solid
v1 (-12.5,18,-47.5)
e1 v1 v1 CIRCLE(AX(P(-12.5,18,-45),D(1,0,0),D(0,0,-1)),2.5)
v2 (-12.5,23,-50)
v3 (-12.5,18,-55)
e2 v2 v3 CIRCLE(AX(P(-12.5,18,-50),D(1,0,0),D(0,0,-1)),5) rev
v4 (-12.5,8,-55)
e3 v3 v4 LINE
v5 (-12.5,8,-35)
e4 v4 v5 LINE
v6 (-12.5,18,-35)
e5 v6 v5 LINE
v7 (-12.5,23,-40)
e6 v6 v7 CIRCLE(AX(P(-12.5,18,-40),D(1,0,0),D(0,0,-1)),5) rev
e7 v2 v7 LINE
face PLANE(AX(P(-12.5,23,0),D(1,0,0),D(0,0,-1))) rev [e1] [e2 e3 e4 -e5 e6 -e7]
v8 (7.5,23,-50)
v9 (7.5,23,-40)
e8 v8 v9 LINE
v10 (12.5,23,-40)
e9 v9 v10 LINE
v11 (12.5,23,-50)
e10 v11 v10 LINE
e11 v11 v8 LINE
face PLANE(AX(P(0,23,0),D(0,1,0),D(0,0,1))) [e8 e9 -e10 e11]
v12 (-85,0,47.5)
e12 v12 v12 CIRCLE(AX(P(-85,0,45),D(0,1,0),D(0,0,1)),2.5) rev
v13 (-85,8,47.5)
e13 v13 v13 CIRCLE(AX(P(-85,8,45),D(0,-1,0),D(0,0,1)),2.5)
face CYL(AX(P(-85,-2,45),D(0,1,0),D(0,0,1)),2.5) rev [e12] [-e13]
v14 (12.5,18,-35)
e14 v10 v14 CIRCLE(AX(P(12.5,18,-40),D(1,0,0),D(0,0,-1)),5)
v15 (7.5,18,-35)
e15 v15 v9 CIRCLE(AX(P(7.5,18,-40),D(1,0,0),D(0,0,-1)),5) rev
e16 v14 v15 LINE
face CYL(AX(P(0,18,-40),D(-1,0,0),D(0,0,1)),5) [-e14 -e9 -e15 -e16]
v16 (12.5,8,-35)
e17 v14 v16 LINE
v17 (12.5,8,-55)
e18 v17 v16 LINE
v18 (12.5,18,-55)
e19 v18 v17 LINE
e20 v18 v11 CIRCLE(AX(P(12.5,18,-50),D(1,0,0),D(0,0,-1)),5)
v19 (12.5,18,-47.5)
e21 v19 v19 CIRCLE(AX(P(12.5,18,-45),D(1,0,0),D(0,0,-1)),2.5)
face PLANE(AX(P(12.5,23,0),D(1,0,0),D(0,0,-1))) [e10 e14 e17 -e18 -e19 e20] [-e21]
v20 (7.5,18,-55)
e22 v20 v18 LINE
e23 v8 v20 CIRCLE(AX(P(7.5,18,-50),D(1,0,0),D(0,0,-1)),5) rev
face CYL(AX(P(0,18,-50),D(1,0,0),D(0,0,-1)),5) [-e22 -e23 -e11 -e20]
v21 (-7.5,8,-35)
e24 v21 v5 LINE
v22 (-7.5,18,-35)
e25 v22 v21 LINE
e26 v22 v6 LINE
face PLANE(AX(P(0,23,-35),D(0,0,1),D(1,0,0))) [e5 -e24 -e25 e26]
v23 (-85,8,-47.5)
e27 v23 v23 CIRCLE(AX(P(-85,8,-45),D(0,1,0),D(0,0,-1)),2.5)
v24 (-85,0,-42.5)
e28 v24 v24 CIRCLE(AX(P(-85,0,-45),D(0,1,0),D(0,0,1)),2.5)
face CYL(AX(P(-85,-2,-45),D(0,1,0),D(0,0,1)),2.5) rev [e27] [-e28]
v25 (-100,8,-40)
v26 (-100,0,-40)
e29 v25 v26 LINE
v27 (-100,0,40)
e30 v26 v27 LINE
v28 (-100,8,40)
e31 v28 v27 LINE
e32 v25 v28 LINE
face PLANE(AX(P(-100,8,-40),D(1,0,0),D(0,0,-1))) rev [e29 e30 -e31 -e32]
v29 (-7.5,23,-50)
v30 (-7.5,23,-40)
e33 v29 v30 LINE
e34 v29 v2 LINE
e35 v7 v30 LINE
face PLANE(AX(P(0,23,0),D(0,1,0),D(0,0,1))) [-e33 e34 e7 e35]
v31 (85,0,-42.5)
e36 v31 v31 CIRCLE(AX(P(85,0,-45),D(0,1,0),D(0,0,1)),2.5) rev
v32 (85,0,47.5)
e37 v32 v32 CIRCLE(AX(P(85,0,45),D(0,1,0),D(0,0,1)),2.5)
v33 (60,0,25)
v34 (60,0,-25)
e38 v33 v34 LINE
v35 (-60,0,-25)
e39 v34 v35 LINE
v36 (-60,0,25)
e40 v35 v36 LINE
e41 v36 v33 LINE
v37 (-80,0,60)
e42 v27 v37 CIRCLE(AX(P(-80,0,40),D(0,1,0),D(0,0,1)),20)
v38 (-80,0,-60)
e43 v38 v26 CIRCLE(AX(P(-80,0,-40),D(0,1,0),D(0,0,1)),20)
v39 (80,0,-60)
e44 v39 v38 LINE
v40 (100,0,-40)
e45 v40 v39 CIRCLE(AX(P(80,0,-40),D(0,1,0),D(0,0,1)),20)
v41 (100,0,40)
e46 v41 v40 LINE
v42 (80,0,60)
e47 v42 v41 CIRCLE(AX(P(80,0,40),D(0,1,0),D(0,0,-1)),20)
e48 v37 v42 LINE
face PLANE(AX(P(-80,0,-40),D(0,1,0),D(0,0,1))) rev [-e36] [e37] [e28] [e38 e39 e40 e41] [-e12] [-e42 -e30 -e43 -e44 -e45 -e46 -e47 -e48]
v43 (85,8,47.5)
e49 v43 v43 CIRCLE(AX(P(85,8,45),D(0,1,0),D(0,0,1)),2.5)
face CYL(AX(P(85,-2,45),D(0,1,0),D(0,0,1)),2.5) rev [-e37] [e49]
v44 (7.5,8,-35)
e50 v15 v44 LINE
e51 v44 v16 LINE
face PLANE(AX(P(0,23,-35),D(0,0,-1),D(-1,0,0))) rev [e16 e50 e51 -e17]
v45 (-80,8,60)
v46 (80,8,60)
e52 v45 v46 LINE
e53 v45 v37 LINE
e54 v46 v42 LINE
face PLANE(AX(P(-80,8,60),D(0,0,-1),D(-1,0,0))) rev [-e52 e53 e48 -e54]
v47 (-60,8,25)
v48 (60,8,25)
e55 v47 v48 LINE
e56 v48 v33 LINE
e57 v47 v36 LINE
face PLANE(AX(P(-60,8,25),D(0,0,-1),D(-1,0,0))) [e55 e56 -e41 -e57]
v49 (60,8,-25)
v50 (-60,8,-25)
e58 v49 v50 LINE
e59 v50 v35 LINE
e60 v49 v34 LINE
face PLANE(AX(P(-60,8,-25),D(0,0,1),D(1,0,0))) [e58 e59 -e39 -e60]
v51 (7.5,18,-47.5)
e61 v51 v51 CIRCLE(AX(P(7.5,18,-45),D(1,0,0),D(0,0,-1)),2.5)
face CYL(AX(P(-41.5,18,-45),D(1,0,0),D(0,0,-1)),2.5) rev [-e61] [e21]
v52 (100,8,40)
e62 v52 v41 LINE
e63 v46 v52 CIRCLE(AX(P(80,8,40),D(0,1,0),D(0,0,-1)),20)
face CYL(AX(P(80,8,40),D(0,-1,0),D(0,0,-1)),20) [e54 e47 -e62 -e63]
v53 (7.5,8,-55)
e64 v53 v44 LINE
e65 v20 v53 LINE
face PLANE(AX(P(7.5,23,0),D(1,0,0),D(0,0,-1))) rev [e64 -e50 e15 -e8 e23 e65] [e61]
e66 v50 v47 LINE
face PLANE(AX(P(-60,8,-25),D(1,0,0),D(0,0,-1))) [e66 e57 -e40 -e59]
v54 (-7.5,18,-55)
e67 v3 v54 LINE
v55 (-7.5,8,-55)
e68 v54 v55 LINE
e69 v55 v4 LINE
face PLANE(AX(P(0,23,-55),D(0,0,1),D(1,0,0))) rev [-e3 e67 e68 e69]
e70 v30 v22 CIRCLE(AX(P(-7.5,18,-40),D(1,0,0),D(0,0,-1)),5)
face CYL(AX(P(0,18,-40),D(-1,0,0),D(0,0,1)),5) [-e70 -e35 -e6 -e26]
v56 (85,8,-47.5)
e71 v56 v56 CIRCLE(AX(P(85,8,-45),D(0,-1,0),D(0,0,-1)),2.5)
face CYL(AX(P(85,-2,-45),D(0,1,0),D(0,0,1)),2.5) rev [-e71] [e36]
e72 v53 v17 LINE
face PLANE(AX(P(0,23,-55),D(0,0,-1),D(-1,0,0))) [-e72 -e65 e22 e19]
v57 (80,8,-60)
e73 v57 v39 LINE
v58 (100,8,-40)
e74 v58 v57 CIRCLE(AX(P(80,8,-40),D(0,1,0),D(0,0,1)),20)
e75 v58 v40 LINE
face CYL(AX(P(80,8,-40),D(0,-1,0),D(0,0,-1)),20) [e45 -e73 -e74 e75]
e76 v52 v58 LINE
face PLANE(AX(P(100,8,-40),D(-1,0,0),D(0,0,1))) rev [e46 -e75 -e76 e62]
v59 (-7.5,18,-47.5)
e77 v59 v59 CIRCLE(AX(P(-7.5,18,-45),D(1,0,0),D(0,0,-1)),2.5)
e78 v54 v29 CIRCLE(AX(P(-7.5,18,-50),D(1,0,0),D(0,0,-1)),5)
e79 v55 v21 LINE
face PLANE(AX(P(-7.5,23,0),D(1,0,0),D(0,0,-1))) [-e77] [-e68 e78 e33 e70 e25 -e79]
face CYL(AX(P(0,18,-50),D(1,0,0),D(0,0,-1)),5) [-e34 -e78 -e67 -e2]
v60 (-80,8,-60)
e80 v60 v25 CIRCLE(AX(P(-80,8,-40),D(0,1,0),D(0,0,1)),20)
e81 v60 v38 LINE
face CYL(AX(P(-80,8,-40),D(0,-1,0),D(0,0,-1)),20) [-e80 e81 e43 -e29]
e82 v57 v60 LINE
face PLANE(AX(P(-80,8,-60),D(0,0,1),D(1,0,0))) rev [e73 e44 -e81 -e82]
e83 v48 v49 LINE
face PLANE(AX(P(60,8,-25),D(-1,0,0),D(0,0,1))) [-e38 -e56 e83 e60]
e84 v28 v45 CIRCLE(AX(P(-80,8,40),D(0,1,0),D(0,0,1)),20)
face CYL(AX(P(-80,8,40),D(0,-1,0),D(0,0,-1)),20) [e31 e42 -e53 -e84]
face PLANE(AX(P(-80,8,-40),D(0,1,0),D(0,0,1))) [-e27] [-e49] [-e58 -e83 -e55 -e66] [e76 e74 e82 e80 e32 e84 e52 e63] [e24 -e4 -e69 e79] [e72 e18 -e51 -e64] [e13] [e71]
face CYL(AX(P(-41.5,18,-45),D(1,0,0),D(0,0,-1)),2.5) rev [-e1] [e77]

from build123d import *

# Parameters (mm, degrees)
SKETCH1_W               = 120
SKETCH1_H               = 50
BOSS_EXTRUDE1_DEPTH     = 8
SKETCH2_R               = 2.5
CUT_EXTRUDE1_DEPTH      = 10
MIRROR2_COPY_1_SKETCH_R = 2.5
MIRROR2_COPY_1_DEPTH    = 10
SKETCH4_W               = 5
SKETCH4_H               = 20
BOSS_EXTRUDE2_DEPTH     = 15
FILLET1_R               = 5
FILLET1_OF_MIRROR4_R    = 5
SKETCH5_R               = 2.5
CUT_EXTRUDE2_DEPTH      = 54


with BuildPart() as part:
    # Sketch1 → Boss-Extrude1 (new body)
    with BuildSketch(Plane(origin=(0, 0, 0), x_dir=(1, 0, 0), z_dir=(0, 1, 0))):
        with BuildLine():
            Line((-80, 60), (80, 60))
            ThreePointArc((80, 60), (94.142135624, 54.142135624), (100, 40))
            Line((100, 40), (100, -40))
            ThreePointArc((100, -40), (94.142135624, -54.142135624), (80, -60))
            Line((80, -60), (-80, -60))
            ThreePointArc((-80, -60), (-94.142135624, -54.142135624), (-100, -40))
            Line((-100, -40), (-100, 40))
            ThreePointArc((-100, 40), (-94.142135624, 54.142135624), (-80, 60))
        make_face()
        Rectangle(SKETCH1_W, SKETCH1_H, mode=Mode.SUBTRACT)
    extrude(amount=BOSS_EXTRUDE1_DEPTH)

    # Sketch2 → Cut-Extrude1 (cut)
    with BuildSketch(Plane(origin=(0, 8, 0), x_dir=(1, 0, 0), z_dir=(0, 1, 0))):
        with Locations(Location((85, -45, 0), (0, 0, 270))):
            Circle(SKETCH2_R)
    cut_extrude1 = extrude(amount=-CUT_EXTRUDE1_DEPTH, mode=Mode.SUBTRACT)

    # Mirror1: Cut-Extrude1 across plane
    add(cut_extrude1.mirror(Plane(origin=(0, 0, 0), x_dir=(0, 0, 1), z_dir=(1, 0, 0))), mode=Mode.SUBTRACT)

    # Mirror2: Cut-Extrude1 across plane
    add(cut_extrude1.mirror(Plane.XY), mode=Mode.SUBTRACT)

    # Mirror2 copy 1 sketch → Mirror2 copy 1 (cut)
    with BuildSketch(Plane(origin=(0, 8, 0), x_dir=(-1, 0, 0), z_dir=(0, 1, 0))):
        with Locations(Location((85, -45, 0), (0, 0, 270))):
            Circle(MIRROR2_COPY_1_SKETCH_R)
    extrude(amount=-MIRROR2_COPY_1_DEPTH, mode=Mode.SUBTRACT)

    # Sketch4 → Boss-Extrude2 (add)
    with BuildSketch(Plane(origin=(0, 8, 0), x_dir=(1, 0, 0), z_dir=(0, 1, 0))):
        with Locations((10, 45)):
            Rectangle(SKETCH4_W, SKETCH4_H)
    boss_extrude2 = extrude(amount=BOSS_EXTRUDE2_DEPTH)

    # Fillet1
    fillet1_edges = [part.edges().sort_by_distance(p)[0] for p in [
        (10, 23, -55),
        (10, 23, -35),
    ]]
    fillet(fillet1_edges, radius=FILLET1_R)

    # Mirror4: Boss-Extrude2 across plane
    add(boss_extrude2.mirror(Plane(origin=(0, 0, 0), x_dir=(0, 0, 1), z_dir=(1, 0, 0))))

    # Fillet1 of Mirror4
    fillet1_of_mirror4_edges = [part.edges().sort_by_distance(p)[0] for p in [
        (-10, 23, -55),
        (-10, 23, -35),
    ]]
    fillet(fillet1_of_mirror4_edges, radius=FILLET1_OF_MIRROR4_R)

    # Sketch5 → Cut-Extrude2 (cut)
    with BuildSketch(Plane(origin=(12.5, 0, 0), x_dir=(0, 0, -1), z_dir=(1, 0, 0))):
        with Locations((45, 18)):
            Circle(SKETCH5_R)
    extrude(amount=-CUT_EXTRUDE2_DEPTH, mode=Mode.SUBTRACT)


solid = part.part
